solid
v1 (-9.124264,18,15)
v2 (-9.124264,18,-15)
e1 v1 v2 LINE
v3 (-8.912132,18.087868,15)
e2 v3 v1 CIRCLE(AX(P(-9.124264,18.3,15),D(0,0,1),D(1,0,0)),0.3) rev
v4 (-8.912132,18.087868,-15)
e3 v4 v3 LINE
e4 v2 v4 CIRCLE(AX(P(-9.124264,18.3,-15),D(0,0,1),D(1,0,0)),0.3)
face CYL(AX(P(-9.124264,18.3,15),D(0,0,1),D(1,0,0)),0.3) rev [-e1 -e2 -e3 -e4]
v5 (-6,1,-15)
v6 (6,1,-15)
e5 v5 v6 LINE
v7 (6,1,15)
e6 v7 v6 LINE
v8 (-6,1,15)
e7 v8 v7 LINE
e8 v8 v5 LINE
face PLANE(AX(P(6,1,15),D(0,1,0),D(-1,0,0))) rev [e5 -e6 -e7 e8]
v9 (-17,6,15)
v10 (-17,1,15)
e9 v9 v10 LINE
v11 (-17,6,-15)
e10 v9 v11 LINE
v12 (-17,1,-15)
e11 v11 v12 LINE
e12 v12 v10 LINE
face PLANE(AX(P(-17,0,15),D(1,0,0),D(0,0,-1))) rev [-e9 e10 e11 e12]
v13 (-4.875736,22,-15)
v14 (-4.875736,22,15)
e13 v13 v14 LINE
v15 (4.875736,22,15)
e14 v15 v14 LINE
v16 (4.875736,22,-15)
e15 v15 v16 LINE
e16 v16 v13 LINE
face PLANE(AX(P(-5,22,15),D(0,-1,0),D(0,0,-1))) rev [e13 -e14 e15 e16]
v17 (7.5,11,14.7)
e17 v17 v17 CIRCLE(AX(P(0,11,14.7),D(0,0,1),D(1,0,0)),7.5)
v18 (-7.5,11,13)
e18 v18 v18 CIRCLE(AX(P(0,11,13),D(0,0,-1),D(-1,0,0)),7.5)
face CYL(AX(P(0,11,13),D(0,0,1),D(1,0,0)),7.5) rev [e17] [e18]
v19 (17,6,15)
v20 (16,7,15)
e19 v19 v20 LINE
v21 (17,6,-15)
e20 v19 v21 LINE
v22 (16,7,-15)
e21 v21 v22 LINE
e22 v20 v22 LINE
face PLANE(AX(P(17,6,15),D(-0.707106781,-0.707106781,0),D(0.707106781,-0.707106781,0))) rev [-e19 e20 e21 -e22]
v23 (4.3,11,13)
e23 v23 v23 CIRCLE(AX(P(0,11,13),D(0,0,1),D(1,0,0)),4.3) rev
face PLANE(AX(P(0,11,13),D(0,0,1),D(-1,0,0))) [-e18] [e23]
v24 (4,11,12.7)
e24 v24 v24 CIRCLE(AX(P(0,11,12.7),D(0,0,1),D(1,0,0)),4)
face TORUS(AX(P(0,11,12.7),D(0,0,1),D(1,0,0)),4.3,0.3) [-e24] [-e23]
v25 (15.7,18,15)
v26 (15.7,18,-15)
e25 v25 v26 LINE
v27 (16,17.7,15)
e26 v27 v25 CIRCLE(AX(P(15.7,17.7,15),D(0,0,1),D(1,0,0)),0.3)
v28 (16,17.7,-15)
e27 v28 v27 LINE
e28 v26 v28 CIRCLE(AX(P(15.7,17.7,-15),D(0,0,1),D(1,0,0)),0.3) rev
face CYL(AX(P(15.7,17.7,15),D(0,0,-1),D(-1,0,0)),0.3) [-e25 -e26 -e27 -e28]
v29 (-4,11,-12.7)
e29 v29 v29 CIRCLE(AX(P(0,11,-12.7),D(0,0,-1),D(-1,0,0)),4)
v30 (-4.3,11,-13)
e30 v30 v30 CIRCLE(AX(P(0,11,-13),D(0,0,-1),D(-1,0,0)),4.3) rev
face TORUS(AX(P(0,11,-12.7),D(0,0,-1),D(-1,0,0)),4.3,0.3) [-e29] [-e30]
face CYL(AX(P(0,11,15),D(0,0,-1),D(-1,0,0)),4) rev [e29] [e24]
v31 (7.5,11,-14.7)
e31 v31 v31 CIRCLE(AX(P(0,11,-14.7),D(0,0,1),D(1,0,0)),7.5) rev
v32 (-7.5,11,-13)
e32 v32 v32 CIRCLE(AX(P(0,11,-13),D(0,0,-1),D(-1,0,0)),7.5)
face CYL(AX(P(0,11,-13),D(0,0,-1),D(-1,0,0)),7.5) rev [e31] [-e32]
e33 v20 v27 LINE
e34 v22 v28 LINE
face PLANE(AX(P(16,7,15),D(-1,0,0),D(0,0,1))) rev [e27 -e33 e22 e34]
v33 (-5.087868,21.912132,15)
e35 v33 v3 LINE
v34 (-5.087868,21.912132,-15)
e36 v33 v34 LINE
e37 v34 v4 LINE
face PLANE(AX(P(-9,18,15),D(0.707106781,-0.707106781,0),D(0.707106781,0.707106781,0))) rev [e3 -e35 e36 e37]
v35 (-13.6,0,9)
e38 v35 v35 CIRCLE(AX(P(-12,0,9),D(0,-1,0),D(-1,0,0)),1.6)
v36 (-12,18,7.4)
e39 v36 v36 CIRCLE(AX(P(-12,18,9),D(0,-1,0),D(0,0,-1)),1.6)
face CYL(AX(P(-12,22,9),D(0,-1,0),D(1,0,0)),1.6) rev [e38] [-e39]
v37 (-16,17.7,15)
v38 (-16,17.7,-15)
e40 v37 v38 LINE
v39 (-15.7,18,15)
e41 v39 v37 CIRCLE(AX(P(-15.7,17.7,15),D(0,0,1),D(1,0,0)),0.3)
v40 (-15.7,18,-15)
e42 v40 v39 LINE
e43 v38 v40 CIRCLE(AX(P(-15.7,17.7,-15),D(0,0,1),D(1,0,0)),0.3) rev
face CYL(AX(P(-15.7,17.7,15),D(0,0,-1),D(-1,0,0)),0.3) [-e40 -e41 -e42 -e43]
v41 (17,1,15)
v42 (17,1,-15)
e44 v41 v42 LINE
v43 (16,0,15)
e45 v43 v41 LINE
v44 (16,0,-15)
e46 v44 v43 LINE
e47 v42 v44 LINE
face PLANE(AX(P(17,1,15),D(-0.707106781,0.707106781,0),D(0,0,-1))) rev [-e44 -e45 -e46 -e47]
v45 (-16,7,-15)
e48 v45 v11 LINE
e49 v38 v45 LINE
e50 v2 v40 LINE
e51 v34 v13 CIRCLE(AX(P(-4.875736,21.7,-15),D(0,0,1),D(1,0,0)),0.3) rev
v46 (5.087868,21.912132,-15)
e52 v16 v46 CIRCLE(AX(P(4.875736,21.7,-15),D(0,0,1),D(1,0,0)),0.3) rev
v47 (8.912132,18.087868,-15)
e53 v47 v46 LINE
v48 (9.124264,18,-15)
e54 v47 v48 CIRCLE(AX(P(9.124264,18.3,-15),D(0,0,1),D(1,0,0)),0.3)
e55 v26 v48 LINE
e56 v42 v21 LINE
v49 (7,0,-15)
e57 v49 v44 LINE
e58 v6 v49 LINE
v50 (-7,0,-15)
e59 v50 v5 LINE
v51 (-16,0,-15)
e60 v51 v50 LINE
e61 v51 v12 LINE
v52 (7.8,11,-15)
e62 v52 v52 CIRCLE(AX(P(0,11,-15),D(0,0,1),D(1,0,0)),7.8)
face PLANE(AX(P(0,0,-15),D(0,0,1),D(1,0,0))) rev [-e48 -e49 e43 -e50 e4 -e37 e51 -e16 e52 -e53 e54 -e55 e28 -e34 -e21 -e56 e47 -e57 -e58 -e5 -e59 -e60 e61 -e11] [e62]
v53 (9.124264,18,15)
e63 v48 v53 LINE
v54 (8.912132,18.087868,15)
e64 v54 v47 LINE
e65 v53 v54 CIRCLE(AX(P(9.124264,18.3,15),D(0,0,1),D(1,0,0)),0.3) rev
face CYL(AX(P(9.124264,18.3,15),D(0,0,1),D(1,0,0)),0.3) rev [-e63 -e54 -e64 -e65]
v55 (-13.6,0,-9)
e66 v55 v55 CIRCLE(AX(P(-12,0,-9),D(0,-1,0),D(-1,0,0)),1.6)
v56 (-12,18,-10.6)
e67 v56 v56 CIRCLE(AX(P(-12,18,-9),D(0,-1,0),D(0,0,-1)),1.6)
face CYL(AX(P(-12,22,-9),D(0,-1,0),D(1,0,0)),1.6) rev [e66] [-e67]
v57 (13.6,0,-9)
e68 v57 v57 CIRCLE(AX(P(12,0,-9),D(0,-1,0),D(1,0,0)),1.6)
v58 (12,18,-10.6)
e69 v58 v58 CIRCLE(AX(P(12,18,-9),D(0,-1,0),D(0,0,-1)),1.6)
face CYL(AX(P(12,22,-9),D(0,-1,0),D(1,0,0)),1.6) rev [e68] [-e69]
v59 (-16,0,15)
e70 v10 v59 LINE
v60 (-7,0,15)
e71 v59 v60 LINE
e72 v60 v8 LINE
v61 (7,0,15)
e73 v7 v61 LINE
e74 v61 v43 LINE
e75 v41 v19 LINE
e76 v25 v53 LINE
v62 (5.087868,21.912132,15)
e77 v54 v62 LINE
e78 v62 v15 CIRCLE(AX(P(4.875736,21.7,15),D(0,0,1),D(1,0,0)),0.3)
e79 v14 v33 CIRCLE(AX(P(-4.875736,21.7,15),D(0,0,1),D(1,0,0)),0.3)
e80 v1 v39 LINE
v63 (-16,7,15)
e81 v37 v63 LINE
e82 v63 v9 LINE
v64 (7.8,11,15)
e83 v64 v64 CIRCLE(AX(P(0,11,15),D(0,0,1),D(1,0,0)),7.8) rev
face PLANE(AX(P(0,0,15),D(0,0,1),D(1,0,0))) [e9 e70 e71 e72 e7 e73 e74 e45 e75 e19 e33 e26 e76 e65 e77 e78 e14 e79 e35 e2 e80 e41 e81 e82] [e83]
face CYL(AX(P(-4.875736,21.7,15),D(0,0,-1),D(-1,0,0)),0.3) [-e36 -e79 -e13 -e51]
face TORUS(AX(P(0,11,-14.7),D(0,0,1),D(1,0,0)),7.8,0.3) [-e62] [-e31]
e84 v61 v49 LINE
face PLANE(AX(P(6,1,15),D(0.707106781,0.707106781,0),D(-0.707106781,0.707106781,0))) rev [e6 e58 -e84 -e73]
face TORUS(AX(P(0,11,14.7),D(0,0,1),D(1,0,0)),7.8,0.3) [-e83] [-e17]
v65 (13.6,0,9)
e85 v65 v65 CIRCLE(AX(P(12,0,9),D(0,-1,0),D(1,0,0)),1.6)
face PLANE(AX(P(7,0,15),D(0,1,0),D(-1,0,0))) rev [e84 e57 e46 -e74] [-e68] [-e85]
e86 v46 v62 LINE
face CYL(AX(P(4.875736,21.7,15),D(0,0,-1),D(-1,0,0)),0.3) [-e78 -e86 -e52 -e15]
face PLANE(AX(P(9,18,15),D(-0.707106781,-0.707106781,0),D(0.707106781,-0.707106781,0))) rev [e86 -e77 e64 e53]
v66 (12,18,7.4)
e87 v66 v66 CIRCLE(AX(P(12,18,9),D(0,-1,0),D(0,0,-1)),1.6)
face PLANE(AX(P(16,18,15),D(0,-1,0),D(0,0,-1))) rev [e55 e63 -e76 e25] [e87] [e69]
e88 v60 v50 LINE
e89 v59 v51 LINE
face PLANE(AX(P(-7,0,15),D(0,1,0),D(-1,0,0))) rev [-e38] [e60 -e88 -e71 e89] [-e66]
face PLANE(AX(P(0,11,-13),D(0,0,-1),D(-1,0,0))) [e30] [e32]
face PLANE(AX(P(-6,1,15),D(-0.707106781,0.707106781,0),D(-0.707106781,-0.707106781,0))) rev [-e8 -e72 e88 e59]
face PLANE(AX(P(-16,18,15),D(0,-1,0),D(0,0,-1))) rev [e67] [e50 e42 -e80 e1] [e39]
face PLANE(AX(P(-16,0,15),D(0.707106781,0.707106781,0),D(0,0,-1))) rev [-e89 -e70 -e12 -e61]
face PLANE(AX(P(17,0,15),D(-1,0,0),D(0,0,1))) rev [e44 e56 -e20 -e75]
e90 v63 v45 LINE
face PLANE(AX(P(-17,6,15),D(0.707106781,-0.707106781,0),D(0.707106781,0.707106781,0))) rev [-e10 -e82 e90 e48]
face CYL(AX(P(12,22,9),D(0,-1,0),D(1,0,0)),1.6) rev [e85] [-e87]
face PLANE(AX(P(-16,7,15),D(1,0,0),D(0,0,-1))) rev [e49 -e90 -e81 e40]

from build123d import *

# Parameters (mm, degrees)
SKETCH2_R           = 4
BOSS_EXTRUDE1_DEPTH = 15
SKETCH3_R           = 7.5
CUT_EXTRUDE1_DEPTH  = 2
SKETCH4_R           = 1.6
CUT_EXTRUDE2_DEPTH  = 32.591137998
CHAMFER1_SIZE       = 1
FILLET1_R           = 0.3


with BuildPart() as part:
    # Sketch2 → Boss-Extrude1 (new, symmetric)
    with BuildSketch(Plane.XY):
        Polygon((6, 1), (-6, 1), (-7, 0), (-17, 0), (-17, 6), (-16, 7), (-16, 18), (-9, 18), (-5, 22), (5, 22), (9, 18), (16, 18), (16, 7), (17, 6), (17, 0), (7, 0), align=None)
        with Locations((0, 11)):
            Circle(SKETCH2_R, mode=Mode.SUBTRACT)
    extrude(amount=BOSS_EXTRUDE1_DEPTH, both=True)

    # Sketch3 → Cut-Extrude1 (cut)
    with BuildSketch(Plane(origin=(0, 0, -15), x_dir=(-1, 0, 0), z_dir=(0, 0, -1))):
        with Locations((0, 11)):
            Circle(SKETCH3_R)
    cut_extrude1 = extrude(amount=-CUT_EXTRUDE1_DEPTH, mode=Mode.SUBTRACT)

    # Mirror1: Cut-Extrude1 across plane
    add(cut_extrude1.mirror(Plane.XY), mode=Mode.SUBTRACT)

    # Sketch4 → Cut-Extrude2 (cut, through all)
    with BuildSketch(Plane(origin=(0, 0, 0), x_dir=(-1, 0, 0), z_dir=(0, -1, 0))):
        with Locations(Location((-12, 9, 0), (0, 0, 180))):
            Circle(SKETCH4_R)
        with Locations(Location((12, 9, 0), (0, 0, 90))):
            Circle(SKETCH4_R)
        with Locations(Location((-12, -9, 0), (0, 0, 180))):
            Circle(SKETCH4_R)
        with Locations(Location((12, -9, 0), (0, 0, 90))):
            Circle(SKETCH4_R)
    extrude(amount=-CUT_EXTRUDE2_DEPTH, mode=Mode.SUBTRACT)

    # Chamfer1
    chamfer1_edges = [part.edges().sort_by_distance(p)[0] for p in [
        (-17, 0, 0),
        (17, 0, 0),
    ]]
    chamfer(chamfer1_edges, length=CHAMFER1_SIZE)

    # Fillet1
    fillet1_edges = [part.edges().sort_by_distance(p)[0] for p in [
        (-16, 18, 0),
        (-9, 18, 0),
        (-5, 22, 0),
        (5, 22, 0),
        (9, 18, 0),
        (16, 18, 0),
        (-4, 11, -13),
        (7.5, 11, -15),
        (7.5, 11, 15),
        (-4, 11, 13),
    ]]
    fillet(fillet1_edges, radius=FILLET1_R)


solid = part.part
